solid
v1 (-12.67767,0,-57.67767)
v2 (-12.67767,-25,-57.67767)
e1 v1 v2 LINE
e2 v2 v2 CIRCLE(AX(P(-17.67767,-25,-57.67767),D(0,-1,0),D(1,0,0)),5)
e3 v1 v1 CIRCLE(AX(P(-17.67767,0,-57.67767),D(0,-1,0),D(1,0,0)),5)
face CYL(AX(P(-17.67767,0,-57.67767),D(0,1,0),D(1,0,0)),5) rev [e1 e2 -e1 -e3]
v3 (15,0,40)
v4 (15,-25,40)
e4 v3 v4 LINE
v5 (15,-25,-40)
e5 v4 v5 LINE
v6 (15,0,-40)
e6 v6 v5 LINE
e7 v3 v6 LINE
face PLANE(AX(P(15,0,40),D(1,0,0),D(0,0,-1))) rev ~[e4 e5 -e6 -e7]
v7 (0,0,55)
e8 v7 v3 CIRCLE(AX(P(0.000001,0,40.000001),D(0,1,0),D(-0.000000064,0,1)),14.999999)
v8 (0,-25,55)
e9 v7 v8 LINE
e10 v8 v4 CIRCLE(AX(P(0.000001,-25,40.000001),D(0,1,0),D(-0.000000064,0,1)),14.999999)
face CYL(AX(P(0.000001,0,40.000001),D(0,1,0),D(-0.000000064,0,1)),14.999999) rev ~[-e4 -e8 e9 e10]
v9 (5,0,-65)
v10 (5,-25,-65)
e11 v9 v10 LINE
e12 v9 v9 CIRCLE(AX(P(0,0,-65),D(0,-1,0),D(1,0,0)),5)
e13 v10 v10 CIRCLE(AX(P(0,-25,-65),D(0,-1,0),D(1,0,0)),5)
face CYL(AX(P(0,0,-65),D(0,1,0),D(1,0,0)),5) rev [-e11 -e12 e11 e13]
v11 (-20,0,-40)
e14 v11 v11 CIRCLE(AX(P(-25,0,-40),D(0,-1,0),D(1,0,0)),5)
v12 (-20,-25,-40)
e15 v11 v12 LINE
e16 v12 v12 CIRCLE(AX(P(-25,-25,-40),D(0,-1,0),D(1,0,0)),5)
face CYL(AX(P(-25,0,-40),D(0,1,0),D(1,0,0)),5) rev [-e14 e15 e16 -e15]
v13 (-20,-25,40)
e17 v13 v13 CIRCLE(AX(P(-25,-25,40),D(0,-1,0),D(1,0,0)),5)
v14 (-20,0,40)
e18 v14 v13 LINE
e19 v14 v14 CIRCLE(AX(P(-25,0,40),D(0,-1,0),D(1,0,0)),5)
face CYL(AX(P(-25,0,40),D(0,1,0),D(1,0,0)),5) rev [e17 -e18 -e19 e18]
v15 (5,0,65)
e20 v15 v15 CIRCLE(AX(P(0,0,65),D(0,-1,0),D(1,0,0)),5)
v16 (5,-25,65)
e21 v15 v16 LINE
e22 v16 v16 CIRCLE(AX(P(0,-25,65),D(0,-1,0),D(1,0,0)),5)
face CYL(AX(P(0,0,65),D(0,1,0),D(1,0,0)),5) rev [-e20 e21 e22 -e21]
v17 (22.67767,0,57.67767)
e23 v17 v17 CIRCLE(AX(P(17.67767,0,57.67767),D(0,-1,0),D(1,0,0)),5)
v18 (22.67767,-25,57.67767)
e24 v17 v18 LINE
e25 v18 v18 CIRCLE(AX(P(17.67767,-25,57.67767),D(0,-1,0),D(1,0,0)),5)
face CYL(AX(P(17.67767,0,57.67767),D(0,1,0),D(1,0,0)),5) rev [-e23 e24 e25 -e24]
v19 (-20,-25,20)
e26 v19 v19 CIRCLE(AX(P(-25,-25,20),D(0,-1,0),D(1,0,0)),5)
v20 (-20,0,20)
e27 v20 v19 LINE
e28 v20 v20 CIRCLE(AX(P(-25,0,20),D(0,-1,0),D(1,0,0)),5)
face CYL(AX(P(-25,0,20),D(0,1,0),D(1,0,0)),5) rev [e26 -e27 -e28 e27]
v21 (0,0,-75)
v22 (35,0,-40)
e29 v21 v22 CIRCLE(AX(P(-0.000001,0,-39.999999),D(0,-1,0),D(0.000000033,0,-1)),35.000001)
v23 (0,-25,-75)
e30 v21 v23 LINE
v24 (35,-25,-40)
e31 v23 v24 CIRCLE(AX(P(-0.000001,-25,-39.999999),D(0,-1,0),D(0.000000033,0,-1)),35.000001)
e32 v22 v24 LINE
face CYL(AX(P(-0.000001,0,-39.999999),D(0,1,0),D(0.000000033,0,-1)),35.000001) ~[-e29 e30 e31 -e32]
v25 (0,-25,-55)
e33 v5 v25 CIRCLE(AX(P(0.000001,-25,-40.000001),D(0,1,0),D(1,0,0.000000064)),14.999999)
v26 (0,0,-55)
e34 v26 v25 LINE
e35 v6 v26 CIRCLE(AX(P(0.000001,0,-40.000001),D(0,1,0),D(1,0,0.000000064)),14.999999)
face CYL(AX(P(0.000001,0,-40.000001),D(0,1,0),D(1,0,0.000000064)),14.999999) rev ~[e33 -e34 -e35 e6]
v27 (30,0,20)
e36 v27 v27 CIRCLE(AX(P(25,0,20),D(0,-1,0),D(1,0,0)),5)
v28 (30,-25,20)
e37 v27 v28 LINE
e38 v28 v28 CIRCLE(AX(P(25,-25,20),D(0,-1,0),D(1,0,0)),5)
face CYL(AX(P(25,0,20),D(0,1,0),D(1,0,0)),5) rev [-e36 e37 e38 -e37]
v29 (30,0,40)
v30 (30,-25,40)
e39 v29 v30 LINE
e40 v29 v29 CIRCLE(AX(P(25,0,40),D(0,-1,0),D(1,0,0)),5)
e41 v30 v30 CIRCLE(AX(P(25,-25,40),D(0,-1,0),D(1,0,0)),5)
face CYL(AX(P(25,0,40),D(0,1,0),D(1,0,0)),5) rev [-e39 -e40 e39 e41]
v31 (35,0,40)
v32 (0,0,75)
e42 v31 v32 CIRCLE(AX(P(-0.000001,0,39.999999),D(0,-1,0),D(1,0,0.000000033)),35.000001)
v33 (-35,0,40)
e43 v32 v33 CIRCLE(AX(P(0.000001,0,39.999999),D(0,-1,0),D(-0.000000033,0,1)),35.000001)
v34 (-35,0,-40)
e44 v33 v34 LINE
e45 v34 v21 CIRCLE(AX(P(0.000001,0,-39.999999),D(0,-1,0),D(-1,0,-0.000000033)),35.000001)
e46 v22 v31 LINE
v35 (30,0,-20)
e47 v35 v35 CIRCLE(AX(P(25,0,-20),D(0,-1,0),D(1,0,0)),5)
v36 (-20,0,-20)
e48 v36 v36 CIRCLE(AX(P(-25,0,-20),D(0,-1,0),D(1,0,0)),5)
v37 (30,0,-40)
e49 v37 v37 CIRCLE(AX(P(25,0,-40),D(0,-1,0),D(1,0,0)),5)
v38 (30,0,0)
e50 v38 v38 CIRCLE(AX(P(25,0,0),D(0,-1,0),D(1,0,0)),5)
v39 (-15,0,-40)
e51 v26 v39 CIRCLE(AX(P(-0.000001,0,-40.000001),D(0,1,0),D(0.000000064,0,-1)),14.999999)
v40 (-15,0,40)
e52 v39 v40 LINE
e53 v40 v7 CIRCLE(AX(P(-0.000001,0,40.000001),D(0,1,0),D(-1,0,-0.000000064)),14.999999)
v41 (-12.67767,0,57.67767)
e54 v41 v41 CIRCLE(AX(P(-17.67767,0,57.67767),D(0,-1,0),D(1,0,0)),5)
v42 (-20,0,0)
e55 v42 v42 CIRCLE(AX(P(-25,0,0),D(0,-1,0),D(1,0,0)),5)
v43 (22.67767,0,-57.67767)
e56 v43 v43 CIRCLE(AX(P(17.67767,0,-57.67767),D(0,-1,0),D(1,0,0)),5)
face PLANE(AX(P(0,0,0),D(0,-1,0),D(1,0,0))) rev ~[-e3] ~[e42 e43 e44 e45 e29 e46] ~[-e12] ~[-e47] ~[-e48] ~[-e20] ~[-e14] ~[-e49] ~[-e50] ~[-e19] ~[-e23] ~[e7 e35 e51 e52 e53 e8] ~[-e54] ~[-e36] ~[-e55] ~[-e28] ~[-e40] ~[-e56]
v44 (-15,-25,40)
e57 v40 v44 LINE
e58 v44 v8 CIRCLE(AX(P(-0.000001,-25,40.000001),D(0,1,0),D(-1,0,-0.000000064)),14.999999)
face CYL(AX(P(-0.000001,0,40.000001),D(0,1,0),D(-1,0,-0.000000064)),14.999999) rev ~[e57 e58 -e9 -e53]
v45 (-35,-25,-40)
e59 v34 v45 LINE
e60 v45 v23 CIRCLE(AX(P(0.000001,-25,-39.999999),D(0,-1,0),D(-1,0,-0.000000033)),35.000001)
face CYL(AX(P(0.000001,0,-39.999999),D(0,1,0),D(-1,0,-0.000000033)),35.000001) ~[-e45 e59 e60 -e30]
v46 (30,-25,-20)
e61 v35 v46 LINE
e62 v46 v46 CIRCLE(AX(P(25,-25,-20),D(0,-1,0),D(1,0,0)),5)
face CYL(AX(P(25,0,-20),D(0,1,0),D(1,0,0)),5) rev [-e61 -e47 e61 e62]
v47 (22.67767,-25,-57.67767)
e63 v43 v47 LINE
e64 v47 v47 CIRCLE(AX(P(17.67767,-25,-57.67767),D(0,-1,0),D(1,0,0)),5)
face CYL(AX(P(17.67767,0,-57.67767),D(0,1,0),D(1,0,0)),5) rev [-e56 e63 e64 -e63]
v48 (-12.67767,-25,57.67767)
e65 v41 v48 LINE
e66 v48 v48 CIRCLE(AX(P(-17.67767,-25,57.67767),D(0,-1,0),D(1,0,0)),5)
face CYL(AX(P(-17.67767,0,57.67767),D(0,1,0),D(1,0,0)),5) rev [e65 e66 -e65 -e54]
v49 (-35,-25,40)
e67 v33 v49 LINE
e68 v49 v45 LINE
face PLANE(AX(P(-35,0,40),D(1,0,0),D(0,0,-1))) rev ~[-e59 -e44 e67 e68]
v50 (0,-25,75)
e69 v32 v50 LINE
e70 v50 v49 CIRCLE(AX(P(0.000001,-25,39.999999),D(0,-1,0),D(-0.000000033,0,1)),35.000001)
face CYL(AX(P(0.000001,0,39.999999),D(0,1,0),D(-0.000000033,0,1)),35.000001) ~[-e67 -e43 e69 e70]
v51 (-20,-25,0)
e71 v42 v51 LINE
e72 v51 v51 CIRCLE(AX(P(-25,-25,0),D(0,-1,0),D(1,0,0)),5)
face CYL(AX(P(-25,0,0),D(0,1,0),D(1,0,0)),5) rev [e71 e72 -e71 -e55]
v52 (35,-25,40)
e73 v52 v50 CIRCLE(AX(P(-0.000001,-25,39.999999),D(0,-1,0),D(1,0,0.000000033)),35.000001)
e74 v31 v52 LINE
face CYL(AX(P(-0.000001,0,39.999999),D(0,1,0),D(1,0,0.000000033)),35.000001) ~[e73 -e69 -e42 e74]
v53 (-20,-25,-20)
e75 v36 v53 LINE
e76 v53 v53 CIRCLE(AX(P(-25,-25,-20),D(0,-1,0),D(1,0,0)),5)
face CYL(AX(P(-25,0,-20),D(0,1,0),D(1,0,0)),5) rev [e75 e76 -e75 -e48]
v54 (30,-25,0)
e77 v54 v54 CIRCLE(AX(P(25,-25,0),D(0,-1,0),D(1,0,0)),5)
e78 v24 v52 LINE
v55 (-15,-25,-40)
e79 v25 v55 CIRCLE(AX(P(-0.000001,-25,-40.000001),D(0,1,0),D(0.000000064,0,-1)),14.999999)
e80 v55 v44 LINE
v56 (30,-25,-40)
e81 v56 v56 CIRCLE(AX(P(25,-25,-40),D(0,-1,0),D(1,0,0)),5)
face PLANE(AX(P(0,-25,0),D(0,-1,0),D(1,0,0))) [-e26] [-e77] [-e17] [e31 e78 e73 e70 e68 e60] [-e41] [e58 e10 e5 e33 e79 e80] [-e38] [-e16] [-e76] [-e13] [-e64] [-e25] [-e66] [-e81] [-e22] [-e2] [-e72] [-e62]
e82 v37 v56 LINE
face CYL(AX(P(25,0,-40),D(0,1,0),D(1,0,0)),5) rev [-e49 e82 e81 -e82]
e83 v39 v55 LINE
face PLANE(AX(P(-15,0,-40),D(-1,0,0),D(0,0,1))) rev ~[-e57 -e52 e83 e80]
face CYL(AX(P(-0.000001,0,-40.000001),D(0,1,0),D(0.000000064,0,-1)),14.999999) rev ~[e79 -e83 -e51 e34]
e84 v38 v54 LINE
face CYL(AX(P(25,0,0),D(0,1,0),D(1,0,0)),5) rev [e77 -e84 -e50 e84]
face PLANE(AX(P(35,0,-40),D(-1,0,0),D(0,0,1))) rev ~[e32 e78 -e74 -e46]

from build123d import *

# Parameters (mm, degrees)
F0_R     = 5
F1_DEPTH = 25


with BuildPart() as f1:
    # F0 (on Front) → F1 (new body)
    with BuildSketch(Plane.XZ):
        with BuildLine():
            ThreePointArc((0, 75), (-24.748737, 64.748737), (-35, 40))
            Line((-35, 40), (-35, 0))
            Line((-35, 0), (-35, -40))
            ThreePointArc((-35, -40), (-24.748737, -64.748737), (0, -75))
            ThreePointArc((0, -75), (24.748737, -64.748737), (35, -40))
            Line((35, -40), (35, 0))
            Line((35, 0), (35, 40))
            ThreePointArc((35, 40), (24.748737, 64.748737), (0, 75))
        make_face()
        with Locations((-17.67767, -57.67767)):
            Circle(F0_R, mode=Mode.SUBTRACT)
        with Locations((-25, -40)):
            Circle(F0_R, mode=Mode.SUBTRACT)
        with Locations((-25, -20)):
            Circle(F0_R, mode=Mode.SUBTRACT)
        with Locations((0, -65)):
            Circle(F0_R, mode=Mode.SUBTRACT)
        with Locations((17.67767, -57.67767)):
            Circle(F0_R, mode=Mode.SUBTRACT)
        with Locations((25, -40)):
            Circle(F0_R, mode=Mode.SUBTRACT)
        with Locations((25, -20)):
            Circle(F0_R, mode=Mode.SUBTRACT)
        with Locations((-25, 0)):
            Circle(F0_R, mode=Mode.SUBTRACT)
        with Locations((-25, 20)):
            Circle(F0_R, mode=Mode.SUBTRACT)
        with Locations((-25, 40)):
            Circle(F0_R, mode=Mode.SUBTRACT)
        with Locations((-17.67767, 57.67767)):
            Circle(F0_R, mode=Mode.SUBTRACT)
        with BuildLine():
            Line((-15, 0), (-15, 40))
            ThreePointArc((-15, 40), (-10.606602, 50.606602), (0, 55))
            ThreePointArc((0, 55), (10.606602, 50.606602), (15, 40))
            Line((15, 40), (15, 0))
            Line((15, 0), (15, -40))
            ThreePointArc((15, -40), (10.606602, -50.606602), (0, -55))
            ThreePointArc((0, -55), (-10.606602, -50.606602), (-15, -40))
            Line((-15, -40), (-15, 0))
        make_face(mode=Mode.SUBTRACT)
        with Locations((25, 0)):
            Circle(F0_R, mode=Mode.SUBTRACT)
        with Locations((25, 20)):
            Circle(F0_R, mode=Mode.SUBTRACT)
        with Locations((0, 65)):
            Circle(F0_R, mode=Mode.SUBTRACT)
        with Locations((25, 40)):
            Circle(F0_R, mode=Mode.SUBTRACT)
        with Locations((17.67767, 57.67767)):
            Circle(F0_R, mode=Mode.SUBTRACT)
    extrude(amount=F1_DEPTH)


solid = f1.part
